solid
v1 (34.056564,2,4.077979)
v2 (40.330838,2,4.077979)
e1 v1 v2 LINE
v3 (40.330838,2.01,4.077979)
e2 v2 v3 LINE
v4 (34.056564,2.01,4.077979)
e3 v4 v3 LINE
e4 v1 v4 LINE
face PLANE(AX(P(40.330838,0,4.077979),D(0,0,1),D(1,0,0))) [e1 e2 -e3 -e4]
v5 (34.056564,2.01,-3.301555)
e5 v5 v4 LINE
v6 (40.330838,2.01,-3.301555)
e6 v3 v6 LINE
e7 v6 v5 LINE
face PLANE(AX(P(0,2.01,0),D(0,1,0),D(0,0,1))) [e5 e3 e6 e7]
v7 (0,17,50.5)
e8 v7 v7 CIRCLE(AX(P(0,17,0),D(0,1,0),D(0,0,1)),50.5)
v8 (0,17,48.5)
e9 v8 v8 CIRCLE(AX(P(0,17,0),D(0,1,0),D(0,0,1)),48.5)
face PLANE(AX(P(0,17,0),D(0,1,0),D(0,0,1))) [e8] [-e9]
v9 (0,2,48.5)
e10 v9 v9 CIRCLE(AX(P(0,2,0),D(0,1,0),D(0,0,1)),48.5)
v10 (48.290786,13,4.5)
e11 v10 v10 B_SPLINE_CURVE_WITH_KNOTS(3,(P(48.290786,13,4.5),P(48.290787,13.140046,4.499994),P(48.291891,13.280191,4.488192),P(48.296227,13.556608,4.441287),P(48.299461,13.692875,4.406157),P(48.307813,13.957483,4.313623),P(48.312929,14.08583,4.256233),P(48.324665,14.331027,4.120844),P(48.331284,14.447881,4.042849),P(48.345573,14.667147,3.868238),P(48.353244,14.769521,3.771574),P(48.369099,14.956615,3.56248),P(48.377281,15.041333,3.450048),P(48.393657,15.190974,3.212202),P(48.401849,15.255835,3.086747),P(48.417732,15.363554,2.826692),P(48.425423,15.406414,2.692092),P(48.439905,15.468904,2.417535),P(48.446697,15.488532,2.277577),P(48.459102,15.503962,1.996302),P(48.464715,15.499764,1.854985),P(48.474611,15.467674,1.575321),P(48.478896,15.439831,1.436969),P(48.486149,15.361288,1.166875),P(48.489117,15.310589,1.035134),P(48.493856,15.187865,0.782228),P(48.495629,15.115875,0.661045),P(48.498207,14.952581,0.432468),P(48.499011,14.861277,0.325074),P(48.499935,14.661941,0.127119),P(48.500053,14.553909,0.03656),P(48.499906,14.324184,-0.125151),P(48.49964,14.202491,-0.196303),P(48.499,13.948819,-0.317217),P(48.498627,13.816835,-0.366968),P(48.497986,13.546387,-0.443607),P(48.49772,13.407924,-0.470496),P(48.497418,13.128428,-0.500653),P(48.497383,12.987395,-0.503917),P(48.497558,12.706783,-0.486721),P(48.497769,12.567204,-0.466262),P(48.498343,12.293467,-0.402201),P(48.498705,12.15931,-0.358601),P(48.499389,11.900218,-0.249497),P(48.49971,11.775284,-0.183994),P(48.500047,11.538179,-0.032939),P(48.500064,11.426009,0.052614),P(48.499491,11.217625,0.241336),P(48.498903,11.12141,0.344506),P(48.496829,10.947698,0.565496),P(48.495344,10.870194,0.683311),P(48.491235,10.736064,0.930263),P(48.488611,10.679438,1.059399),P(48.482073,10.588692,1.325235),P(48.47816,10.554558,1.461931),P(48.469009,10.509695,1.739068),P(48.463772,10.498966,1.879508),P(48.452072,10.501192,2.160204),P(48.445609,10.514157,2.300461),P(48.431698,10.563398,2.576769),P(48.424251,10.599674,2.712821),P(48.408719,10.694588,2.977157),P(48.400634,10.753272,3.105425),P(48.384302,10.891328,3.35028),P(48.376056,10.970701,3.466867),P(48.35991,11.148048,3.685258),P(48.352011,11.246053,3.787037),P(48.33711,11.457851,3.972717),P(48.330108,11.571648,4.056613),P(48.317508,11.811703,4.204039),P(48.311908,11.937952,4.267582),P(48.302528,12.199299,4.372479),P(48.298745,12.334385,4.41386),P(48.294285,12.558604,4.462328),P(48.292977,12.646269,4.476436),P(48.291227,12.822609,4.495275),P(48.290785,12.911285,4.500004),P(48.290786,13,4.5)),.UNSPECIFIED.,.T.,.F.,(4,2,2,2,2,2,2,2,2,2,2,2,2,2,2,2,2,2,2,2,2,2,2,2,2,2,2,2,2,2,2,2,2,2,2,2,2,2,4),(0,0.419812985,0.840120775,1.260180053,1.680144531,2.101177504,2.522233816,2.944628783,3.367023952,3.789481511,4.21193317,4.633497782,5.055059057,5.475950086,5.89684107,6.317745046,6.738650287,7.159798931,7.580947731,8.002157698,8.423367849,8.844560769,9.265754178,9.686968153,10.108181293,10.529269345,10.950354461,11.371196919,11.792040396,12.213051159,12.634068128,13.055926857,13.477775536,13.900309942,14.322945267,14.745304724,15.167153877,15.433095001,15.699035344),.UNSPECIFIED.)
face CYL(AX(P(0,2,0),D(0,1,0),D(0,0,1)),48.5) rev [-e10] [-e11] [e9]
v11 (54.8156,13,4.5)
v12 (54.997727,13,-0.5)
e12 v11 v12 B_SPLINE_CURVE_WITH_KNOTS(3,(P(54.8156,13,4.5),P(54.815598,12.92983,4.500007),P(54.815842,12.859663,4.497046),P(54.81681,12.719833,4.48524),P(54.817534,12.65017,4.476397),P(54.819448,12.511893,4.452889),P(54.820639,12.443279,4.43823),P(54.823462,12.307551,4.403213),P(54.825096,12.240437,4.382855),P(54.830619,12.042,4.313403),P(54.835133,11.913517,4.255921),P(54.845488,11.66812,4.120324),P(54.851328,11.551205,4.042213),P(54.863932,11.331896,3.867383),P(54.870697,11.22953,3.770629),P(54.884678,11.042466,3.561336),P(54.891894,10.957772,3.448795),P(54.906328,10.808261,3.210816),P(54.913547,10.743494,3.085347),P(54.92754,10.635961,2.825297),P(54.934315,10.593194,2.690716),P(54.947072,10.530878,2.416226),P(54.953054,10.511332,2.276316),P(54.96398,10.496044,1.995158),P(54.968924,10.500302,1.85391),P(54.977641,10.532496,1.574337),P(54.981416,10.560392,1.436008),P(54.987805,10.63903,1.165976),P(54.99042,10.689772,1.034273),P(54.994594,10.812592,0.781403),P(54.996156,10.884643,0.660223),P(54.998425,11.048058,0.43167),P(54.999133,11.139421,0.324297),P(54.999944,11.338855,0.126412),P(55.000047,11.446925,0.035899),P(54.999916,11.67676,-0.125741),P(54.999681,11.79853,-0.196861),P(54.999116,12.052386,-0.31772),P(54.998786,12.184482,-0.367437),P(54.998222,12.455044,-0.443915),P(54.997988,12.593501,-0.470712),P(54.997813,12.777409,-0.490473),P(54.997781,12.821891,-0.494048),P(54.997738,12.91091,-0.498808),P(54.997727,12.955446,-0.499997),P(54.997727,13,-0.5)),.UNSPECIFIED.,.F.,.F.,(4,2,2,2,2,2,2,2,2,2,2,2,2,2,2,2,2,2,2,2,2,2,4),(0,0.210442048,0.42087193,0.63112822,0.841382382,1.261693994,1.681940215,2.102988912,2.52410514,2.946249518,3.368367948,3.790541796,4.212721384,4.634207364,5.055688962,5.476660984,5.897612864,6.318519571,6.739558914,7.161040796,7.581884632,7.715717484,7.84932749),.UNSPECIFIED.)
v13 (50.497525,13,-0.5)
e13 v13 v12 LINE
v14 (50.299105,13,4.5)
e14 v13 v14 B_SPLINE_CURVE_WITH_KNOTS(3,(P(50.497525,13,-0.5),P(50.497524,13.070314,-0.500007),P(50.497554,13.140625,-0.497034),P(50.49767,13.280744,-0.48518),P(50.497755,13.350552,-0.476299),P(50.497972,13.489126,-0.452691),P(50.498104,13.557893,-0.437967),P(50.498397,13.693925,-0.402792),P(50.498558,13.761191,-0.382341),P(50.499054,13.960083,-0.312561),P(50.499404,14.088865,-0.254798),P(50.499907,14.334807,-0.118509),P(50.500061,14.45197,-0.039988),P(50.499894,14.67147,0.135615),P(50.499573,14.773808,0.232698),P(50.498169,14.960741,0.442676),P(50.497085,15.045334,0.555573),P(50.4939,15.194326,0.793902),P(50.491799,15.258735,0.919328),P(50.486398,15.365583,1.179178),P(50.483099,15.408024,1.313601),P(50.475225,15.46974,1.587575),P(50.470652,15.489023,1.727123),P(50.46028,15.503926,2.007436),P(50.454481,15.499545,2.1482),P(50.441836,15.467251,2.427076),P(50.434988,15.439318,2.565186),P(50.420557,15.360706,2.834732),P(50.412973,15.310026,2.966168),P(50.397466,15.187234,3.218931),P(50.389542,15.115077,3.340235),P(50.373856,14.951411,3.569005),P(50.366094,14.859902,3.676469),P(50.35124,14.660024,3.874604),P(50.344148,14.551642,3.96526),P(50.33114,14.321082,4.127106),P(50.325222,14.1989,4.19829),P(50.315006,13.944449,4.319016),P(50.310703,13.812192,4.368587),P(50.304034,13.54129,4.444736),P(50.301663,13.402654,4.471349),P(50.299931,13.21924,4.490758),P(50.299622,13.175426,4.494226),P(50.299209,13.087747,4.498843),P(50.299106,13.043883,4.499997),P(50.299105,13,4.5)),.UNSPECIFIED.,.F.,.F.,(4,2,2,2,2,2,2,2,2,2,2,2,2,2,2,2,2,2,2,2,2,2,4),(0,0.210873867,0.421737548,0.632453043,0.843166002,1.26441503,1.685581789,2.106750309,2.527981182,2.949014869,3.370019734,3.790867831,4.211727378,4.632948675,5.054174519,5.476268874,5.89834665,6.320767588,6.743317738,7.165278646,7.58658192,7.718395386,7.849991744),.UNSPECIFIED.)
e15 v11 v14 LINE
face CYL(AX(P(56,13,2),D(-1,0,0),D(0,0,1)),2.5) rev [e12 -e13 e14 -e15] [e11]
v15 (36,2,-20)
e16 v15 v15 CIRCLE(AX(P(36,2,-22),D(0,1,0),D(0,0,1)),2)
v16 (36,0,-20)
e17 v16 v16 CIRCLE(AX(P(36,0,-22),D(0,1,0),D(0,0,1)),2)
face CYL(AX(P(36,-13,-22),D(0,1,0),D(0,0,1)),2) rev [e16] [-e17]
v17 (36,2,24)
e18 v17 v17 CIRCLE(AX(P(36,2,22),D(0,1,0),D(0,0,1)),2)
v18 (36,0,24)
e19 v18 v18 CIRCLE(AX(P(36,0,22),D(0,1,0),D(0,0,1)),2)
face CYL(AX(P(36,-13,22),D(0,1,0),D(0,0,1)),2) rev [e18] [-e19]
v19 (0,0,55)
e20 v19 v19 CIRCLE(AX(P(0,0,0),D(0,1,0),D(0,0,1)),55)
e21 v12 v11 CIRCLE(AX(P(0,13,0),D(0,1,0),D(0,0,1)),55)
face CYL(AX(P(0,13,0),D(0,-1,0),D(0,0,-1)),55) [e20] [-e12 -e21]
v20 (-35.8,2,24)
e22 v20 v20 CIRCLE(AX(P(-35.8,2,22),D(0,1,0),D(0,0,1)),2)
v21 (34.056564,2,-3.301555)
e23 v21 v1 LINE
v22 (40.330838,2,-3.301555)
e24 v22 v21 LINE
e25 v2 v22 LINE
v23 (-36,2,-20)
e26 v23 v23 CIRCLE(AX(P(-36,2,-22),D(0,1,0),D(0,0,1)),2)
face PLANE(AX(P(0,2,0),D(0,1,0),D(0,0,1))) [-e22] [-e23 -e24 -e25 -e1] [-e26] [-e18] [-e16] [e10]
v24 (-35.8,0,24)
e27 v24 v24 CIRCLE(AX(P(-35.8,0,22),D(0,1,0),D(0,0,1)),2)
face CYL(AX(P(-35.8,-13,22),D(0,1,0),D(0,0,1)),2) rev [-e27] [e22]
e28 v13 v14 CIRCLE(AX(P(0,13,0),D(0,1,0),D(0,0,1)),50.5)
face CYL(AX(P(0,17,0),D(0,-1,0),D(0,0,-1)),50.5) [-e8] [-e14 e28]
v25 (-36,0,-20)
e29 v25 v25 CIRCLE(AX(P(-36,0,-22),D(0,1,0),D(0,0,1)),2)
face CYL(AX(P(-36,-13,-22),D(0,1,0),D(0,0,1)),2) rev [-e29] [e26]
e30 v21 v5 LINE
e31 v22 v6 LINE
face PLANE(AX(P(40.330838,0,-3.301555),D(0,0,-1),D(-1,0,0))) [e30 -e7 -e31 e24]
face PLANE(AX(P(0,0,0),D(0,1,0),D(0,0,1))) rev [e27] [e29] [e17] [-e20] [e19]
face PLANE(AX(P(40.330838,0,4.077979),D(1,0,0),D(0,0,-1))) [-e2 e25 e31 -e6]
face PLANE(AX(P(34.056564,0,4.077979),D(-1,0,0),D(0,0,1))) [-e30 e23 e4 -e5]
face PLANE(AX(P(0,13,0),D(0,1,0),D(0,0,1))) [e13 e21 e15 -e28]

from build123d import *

# Parameters (mm, degrees)
SKETCH2_R                = 55
BOSS_EXTRUDE2_DEPTH      = 13
SKETCH7_R                = 50.5
BOSS_EXTRUDE3_DEPTH      = 4
SKETCH8_R                = 48.5
CUT_EXTRUDE3_DEPTH       = 15
SKETCH9_R                = 2
SKETCH9_W                = 3.162660916
SKETCH9_H                = 2.60493009
CUT_EXTRUDE4_DEPTH       = 15
CUT_EXTRUDE5_DEPTH       = 20
CUT_EXTRUDE5_DEPTH_BACK  = 1
SKETCH10_R               = 2.5
BOSS_EXTRUDE5_DEPTH      = 0.01
BOSS_EXTRUDE5_DEPTH_BACK = 2
SKETCH11_W               = 6.274273212
SKETCH11_H               = 7.379534018


with BuildPart() as part:
    # Sketch2 → Boss-Extrude2 (new body)
    with BuildSketch(Plane(origin=(0, 0, 0), x_dir=(1, 0, 0), z_dir=(0, 1, 0))):
        with Locations(Location((0, 0, 0), (0, 0, 90))):
            Circle(SKETCH2_R)
    extrude(amount=BOSS_EXTRUDE2_DEPTH)

    # Sketch7 → Boss-Extrude3 (add)
    with BuildSketch(Plane(origin=(0, 13, 0), x_dir=(1, 0, 0), z_dir=(0, 1, 0))):
        with Locations(Location((0, 0, 0), (0, 0, 270))):
            Circle(SKETCH7_R)
    extrude(amount=BOSS_EXTRUDE3_DEPTH)

    # Sketch8 → Cut-Extrude3 (cut)
    with BuildSketch(Plane(origin=(0, 17, 0), x_dir=(1, 0, 0), z_dir=(0, 1, 0))):
        with Locations(Location((0, 0, 0), (0, 0, 270))):
            Circle(SKETCH8_R)
    extrude(amount=-CUT_EXTRUDE3_DEPTH, mode=Mode.SUBTRACT)

    # Sketch9 → Cut-Extrude4 (cut)
    with BuildSketch(Plane(origin=(0, 2, 0), x_dir=(1, 0, 0), z_dir=(0, 1, 0))):
        with Locations(Location((36, -22, 0), (0, 0, 270))):
            Circle(SKETCH9_R)
        with Locations(Location((-36, 22, 0), (0, 0, 270))):
            Circle(SKETCH9_R)
        with Locations(Location((-35.8, -22, 0), (0, 0, 270))):
            Circle(SKETCH9_R)
        with Locations(Location((36, 22, 0), (0, 0, 270))):
            Circle(SKETCH9_R)
        with Locations((37.581330458, -0.802465045)):
            Rectangle(SKETCH9_W, SKETCH9_H)
    extrude(amount=-CUT_EXTRUDE4_DEPTH, mode=Mode.SUBTRACT)

    # Sketch10 → Cut-Extrude5 (cut, two sides: drawn at the far end of the back side and taken through both)
    with BuildSketch(Plane(origin=(36, 0, 0), x_dir=(0, 0, -1), z_dir=(1, 0, 0)).offset(-CUT_EXTRUDE5_DEPTH_BACK)):
        with Locations(Location((-2, 13, 0), (0, 0, 180))):
            Circle(SKETCH10_R)
    extrude(amount=CUT_EXTRUDE5_DEPTH + CUT_EXTRUDE5_DEPTH_BACK, mode=Mode.SUBTRACT)

    # Sketch11 → Boss-Extrude5 (add, two sides: drawn at the far end of the back side and taken through both)
    with BuildSketch(Plane(origin=(0, 2, 0), x_dir=(1, 0, 0), z_dir=(0, 1, 0)).offset(-BOSS_EXTRUDE5_DEPTH_BACK)):
        with Locations((37.193701051, -0.388212482)):
            Rectangle(SKETCH11_W, SKETCH11_H)
    extrude(amount=BOSS_EXTRUDE5_DEPTH + BOSS_EXTRUDE5_DEPTH_BACK)


solid = part.part
